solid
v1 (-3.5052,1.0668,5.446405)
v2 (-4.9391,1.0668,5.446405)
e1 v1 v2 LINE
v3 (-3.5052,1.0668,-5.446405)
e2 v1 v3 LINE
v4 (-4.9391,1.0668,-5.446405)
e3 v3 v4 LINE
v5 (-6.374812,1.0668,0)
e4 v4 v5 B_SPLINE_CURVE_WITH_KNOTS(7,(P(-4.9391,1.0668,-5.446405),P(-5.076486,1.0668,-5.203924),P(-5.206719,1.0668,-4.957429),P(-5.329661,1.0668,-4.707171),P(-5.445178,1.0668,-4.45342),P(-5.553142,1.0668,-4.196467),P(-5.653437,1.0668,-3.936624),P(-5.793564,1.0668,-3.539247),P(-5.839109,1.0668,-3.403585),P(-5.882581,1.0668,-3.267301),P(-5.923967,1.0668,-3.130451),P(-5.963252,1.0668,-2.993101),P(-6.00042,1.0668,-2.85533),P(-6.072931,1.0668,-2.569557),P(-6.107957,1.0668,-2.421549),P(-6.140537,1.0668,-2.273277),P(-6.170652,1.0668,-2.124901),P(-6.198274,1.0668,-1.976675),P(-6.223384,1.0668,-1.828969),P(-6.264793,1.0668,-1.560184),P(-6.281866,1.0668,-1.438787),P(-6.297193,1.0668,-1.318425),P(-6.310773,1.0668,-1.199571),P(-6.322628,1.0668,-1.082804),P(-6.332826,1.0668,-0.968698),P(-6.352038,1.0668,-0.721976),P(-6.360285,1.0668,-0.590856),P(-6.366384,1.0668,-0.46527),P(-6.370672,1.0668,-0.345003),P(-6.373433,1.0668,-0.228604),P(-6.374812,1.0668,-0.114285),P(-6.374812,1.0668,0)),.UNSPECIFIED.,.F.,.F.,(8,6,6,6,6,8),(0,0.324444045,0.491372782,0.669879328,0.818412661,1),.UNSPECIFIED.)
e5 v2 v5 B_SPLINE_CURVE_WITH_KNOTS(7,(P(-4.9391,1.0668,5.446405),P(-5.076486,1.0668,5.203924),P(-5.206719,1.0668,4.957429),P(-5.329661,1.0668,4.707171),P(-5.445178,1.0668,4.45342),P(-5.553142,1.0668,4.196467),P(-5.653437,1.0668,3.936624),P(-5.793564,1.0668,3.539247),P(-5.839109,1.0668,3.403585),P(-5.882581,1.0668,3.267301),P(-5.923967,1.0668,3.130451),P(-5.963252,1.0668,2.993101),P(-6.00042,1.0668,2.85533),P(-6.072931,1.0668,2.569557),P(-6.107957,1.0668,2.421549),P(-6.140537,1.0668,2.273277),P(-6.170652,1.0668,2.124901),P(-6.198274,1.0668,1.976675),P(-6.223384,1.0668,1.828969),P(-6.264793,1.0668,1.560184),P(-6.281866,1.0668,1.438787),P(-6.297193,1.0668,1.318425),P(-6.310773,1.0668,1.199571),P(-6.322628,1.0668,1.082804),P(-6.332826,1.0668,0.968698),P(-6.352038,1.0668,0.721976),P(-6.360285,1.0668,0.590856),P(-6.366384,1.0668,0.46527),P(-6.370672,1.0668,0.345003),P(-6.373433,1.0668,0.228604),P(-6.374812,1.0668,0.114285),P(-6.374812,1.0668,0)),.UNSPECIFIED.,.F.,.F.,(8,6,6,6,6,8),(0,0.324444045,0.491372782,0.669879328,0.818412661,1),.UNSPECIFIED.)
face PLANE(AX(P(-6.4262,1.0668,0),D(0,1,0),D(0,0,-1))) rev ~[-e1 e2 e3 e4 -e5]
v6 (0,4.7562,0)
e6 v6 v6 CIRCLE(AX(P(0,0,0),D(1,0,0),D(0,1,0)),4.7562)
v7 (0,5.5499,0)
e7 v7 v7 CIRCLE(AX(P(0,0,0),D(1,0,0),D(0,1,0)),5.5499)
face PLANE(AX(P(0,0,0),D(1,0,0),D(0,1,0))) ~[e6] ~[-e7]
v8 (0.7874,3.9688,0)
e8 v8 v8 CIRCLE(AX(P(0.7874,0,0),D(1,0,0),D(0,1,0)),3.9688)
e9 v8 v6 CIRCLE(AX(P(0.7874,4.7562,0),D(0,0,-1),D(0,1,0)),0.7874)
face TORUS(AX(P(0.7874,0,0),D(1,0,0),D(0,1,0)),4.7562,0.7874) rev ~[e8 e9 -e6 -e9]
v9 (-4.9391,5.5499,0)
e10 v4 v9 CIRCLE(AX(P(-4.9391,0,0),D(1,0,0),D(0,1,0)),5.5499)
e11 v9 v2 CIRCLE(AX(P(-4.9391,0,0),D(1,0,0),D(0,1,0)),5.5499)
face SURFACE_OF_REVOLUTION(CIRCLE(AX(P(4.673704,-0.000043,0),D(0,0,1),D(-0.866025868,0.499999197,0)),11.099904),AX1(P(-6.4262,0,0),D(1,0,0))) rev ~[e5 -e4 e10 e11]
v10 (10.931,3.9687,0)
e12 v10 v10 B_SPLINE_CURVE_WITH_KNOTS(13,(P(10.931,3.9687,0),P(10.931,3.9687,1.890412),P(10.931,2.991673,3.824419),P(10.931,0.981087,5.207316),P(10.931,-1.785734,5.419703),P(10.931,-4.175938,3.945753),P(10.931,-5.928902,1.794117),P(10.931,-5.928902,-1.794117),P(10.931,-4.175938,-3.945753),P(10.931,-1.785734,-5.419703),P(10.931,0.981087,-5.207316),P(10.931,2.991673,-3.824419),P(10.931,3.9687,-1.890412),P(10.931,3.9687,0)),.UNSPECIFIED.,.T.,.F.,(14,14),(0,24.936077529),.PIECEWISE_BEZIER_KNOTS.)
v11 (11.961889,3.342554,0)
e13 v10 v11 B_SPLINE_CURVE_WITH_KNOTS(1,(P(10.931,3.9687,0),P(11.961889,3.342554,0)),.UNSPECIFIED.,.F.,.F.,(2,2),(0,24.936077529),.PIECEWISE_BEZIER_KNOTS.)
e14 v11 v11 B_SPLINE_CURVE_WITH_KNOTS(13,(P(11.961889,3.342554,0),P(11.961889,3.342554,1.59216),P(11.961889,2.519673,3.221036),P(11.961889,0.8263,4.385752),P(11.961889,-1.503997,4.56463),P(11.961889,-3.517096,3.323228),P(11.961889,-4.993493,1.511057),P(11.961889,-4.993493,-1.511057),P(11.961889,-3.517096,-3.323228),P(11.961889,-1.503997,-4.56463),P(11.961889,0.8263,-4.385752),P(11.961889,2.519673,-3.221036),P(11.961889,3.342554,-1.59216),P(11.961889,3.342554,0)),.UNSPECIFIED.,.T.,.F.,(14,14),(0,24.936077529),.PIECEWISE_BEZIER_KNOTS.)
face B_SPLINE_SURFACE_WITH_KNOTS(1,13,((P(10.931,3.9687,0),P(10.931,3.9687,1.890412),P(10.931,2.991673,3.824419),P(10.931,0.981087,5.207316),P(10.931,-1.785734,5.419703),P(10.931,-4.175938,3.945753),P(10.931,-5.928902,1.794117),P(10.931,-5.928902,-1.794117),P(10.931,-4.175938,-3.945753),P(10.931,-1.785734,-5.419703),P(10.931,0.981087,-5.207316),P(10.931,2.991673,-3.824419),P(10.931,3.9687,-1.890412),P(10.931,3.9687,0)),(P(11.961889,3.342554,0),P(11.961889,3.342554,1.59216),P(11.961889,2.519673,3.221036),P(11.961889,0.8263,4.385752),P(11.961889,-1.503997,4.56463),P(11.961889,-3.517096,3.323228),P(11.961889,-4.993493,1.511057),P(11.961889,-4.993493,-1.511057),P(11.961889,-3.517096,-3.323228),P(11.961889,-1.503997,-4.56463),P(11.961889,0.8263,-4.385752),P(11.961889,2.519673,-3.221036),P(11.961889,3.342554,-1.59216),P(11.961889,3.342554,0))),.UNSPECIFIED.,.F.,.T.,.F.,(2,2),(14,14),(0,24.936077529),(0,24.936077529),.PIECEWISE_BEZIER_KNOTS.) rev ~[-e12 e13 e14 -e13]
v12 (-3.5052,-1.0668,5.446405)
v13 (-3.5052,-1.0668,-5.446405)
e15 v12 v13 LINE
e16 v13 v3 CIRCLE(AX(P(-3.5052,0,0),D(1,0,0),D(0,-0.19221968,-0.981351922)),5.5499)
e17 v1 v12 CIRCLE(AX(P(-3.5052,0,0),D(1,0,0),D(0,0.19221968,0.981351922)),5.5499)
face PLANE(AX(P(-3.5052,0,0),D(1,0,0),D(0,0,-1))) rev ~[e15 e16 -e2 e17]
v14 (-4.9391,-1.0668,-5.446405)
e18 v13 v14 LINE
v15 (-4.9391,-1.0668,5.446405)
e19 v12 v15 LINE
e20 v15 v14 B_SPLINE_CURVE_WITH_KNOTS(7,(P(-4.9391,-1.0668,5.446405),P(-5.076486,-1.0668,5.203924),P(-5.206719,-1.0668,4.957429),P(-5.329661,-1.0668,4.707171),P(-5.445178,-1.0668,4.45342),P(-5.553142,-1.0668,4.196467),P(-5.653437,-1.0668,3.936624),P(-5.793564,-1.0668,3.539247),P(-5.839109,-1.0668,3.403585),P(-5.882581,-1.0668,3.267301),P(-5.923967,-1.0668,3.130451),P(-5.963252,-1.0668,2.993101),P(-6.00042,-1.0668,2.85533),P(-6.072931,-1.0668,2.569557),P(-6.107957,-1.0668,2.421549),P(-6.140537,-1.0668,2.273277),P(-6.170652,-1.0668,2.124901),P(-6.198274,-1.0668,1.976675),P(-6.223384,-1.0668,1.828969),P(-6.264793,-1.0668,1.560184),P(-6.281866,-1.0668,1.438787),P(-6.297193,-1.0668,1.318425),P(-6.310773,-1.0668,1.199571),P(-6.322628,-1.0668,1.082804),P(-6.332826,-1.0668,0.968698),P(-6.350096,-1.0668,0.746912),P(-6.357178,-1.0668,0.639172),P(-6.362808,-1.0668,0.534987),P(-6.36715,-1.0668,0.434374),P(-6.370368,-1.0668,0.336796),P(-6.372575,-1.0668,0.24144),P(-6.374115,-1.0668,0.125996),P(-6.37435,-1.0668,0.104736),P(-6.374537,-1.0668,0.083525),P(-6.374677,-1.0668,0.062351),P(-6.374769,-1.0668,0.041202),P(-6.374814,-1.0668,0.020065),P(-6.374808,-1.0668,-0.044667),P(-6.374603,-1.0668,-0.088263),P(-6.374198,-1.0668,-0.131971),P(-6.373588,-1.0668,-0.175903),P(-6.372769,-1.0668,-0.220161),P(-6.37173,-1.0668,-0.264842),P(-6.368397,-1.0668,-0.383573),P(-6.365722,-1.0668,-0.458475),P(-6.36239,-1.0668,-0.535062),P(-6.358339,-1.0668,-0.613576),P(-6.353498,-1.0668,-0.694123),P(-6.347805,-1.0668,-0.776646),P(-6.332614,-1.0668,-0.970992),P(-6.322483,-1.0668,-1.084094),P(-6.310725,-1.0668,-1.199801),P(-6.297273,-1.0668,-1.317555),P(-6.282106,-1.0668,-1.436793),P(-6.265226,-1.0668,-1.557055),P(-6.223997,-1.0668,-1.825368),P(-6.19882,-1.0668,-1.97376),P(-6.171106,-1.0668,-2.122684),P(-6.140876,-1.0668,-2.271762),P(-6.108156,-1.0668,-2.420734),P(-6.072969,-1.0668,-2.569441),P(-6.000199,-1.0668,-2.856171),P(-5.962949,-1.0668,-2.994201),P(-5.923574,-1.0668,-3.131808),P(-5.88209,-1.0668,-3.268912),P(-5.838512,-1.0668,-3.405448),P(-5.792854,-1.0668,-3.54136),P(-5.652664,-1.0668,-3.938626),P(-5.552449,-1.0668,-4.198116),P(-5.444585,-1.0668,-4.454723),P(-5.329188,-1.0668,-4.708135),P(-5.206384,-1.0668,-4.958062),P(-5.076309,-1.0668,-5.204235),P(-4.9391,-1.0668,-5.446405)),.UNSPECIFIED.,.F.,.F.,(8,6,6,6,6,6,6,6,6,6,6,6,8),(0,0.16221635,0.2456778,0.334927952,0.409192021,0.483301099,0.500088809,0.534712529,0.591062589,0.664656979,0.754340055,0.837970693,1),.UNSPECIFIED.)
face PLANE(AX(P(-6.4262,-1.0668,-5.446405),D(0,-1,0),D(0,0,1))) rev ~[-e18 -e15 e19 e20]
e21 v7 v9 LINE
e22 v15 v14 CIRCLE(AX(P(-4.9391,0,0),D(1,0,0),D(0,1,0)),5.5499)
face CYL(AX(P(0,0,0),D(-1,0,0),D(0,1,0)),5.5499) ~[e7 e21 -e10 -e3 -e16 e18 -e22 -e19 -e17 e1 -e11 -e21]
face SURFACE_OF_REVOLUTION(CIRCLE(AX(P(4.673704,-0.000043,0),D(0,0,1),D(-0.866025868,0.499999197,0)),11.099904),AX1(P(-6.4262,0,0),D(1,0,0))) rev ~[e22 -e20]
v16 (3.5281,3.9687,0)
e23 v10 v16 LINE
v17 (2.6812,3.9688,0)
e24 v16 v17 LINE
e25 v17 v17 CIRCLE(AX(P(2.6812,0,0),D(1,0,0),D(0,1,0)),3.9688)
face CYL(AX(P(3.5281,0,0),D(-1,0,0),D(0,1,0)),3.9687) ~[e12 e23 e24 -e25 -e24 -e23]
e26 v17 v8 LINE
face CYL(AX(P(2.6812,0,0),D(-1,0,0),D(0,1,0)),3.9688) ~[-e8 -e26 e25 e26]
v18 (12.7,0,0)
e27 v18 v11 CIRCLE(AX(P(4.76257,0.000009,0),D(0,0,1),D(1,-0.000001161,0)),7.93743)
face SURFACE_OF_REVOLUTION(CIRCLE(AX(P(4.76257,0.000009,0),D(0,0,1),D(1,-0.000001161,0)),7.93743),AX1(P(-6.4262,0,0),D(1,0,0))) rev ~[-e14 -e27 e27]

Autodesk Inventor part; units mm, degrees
ref_plane "YZ Plane" through (0, 0, 0) normal (1, 0, 0) x (0, 1, 0)
sketch "Szkic1" plane through (0, 0, 0) normal (0, 0, 1) x (1, 0, 0)
  line L0 (-6.4262, 0) -> (12.7, 0)
  line L1 (12.7, 0) -> (12.7, 3.9687)
  line L2 (12.7, 3.9687) -> (3.5281, 3.9687)
  line L3 (3.5281, 3.9687) -> (2.6812, 3.9688)
  line L4 (2.6812, 3.9688) -> (0, 3.9688)
  line L5 (0, 3.9688) -> (0, 5.5499)
  line L6 (-10.6898, 0) -> (16.5983, 0) projected
  line L7 (0, -1.1296) -> (0, 6.7773) projected
  line L8 (0, 5.5499) -> (-4.9391, 5.5499)
  arc A0 (-4.9391, 5.5499) -> (-6.4262, 0) centre (4.6736, 0) ccw
  line L9 (3.5281, 3.9687) -> (0, 3.9687) construction
  dimension "d0" = 12.7
  dimension "d1" = 9.1719
  dimension "d2" = 0.8468
  dimension "d3" = 6.4262
  dimension "d4" = 7.9375
  dimension "d5" = 7.9375
  dimension "d9" = 11.0998
  dimension "d10" = 0
  dimension "d13" = 11.0998
revolve "Bryła" add sketch "Szkic1" angle 360 about axis through (-6.4262, 0, 0) along (1, 0, 0)
ref_plane "IDS_WORKPLANE{1}" through (-6.4262, 0, 0) normal (1, 0, 0) x (0, 0, -1)
sketch "Szkic2" plane through (-6.4262, 0, 0) normal (1, 0, 0) x (0, 0, -1)
  circle A0 centre (0, 0) radius 5.5499 projected
  line L0 (0, -7.7699) -> (0, 7.7699) projected
  line L1 (7.7699, 0) -> (-7.7699, 0) projected
  line L2 (-5.5499, 1.0668) -> (5.5499, 1.0668)
  line L3 (5.5499, 1.0668) -> (5.5499, -1.0668)
  line L4 (5.5499, -1.0668) -> (-5.5499, -1.0668)
  line L5 (-5.5499, -1.0668) -> (-5.5499, 1.0668)
  line L6 (-5.5499, 0) -> (5.5499, 0) construction
  line L7 (0, 1.0668) -> (0, -1.0668) construction
  dimension "d15" = 2.1336
extrude "Szczelina" cut sketch "Szkic2" along normal blind 2.921 contours L1 L0 L2 A0 | L3 L4 A0 | A0 L4 L0 L1 | A0 L2 L3 | L1 A0 L2 L0 | L0 L4 A0 L1 | L5 L2 A0 | A0 L4 L5
thread "Gwint" size "5/16-18 UNC" class "2A" standard "ANSI Unified Screw Threads" length 9.1719
sketch "Szkic3" plane through (0, 0, 0) normal (0, 0, 1) x (1, 0, 0)
  line L0 (12.7, 0) -> (12.7, 3.9687) projected
  line L1 (12.7, 3.9687) -> (3.5281, 3.9687) projected
  line L2 (-6.4262, 0) -> (12.7, 0) projected
  arc A0 (12.7, 0) -> (11.6366, 3.9687) centre (4.7625, 0) ccw
  line L3 (12.7, -3.9687) -> (12.7, 3.9687) projected
  line L4 (11.6366, 3.9687) -> (11.6366, 0)
  line L5 (11.6366, 0) -> (12.7, 0)
  dimension "d40" = 7.9375
revolve "Zaokrąglenie1" cut sketch "Szkic3" angle 360 about axis through (-6.4262, 0, 0) along (1, 0, 0) contours A0 L1 L0
chamfer "Faza" distance 0.7056 angle 45 1 edges at (11.6366, -3.9687, 0)
ref_plane "Work Plane2" through (41.275, 0, 0) normal (0, 0, -1) x (1, 0, 0)
fillet "Zaokrąglenie4" radius 0.7874 1 edges at (0, -3.9688, 0)
equation "\"d0\" = NLG"
equation "\"d1\" = GEL"
equation "\"d2\" = GAL"
equation "\"d3\" = KOH"
equation "\"d4\" = GD"
equation "\"d5\" = BDM"
equation "\"d9\" = KOD"
equation "\"d13\" = KR"
equation "\"d15\" = SBR"
equation "\"d16\" = STI"
equation "\"d40\" = GD"
equation "\"d11\" = GEL"
equation "\"d43\" = 0.5 * RR"
equation "\"d46\" = R"
equation "\"GD\" = NND"
equation "\"NLG\" = 12.7"
equation "\"GEL\" = 9.17194"
equation "\"KOD\" = 11.0998"
equation "\"KOH\" = 6.4262"
equation "\"GAL\" = 0.84684"
equation "\"BDM\" = NND"
equation "\"SBR\" = 2.1336"
equation "\"STI\" = 2.921"
equation "\"KEWI\" = 0"
equation "\"KR\" = KOD"
equation "\"d14\" = -KOH"
equation "\"R\" = 0.7874"
equation "\"THREADDIA\" = 7.9375"
equation "\"TOA\" = 30deg"
equation "\"KOH1\" = 5.1562"
equation "\"NND\" = 7.9375"
equation "\"GD1\" = 6.25856"
equation "\"THREADDESC\" = 1.2345"
equation "\"RR\" = 1.411111"
properties part number "ANSI B18.6.2 - 5/16-18 UNC - 0,5" material "Stal, miękka"
